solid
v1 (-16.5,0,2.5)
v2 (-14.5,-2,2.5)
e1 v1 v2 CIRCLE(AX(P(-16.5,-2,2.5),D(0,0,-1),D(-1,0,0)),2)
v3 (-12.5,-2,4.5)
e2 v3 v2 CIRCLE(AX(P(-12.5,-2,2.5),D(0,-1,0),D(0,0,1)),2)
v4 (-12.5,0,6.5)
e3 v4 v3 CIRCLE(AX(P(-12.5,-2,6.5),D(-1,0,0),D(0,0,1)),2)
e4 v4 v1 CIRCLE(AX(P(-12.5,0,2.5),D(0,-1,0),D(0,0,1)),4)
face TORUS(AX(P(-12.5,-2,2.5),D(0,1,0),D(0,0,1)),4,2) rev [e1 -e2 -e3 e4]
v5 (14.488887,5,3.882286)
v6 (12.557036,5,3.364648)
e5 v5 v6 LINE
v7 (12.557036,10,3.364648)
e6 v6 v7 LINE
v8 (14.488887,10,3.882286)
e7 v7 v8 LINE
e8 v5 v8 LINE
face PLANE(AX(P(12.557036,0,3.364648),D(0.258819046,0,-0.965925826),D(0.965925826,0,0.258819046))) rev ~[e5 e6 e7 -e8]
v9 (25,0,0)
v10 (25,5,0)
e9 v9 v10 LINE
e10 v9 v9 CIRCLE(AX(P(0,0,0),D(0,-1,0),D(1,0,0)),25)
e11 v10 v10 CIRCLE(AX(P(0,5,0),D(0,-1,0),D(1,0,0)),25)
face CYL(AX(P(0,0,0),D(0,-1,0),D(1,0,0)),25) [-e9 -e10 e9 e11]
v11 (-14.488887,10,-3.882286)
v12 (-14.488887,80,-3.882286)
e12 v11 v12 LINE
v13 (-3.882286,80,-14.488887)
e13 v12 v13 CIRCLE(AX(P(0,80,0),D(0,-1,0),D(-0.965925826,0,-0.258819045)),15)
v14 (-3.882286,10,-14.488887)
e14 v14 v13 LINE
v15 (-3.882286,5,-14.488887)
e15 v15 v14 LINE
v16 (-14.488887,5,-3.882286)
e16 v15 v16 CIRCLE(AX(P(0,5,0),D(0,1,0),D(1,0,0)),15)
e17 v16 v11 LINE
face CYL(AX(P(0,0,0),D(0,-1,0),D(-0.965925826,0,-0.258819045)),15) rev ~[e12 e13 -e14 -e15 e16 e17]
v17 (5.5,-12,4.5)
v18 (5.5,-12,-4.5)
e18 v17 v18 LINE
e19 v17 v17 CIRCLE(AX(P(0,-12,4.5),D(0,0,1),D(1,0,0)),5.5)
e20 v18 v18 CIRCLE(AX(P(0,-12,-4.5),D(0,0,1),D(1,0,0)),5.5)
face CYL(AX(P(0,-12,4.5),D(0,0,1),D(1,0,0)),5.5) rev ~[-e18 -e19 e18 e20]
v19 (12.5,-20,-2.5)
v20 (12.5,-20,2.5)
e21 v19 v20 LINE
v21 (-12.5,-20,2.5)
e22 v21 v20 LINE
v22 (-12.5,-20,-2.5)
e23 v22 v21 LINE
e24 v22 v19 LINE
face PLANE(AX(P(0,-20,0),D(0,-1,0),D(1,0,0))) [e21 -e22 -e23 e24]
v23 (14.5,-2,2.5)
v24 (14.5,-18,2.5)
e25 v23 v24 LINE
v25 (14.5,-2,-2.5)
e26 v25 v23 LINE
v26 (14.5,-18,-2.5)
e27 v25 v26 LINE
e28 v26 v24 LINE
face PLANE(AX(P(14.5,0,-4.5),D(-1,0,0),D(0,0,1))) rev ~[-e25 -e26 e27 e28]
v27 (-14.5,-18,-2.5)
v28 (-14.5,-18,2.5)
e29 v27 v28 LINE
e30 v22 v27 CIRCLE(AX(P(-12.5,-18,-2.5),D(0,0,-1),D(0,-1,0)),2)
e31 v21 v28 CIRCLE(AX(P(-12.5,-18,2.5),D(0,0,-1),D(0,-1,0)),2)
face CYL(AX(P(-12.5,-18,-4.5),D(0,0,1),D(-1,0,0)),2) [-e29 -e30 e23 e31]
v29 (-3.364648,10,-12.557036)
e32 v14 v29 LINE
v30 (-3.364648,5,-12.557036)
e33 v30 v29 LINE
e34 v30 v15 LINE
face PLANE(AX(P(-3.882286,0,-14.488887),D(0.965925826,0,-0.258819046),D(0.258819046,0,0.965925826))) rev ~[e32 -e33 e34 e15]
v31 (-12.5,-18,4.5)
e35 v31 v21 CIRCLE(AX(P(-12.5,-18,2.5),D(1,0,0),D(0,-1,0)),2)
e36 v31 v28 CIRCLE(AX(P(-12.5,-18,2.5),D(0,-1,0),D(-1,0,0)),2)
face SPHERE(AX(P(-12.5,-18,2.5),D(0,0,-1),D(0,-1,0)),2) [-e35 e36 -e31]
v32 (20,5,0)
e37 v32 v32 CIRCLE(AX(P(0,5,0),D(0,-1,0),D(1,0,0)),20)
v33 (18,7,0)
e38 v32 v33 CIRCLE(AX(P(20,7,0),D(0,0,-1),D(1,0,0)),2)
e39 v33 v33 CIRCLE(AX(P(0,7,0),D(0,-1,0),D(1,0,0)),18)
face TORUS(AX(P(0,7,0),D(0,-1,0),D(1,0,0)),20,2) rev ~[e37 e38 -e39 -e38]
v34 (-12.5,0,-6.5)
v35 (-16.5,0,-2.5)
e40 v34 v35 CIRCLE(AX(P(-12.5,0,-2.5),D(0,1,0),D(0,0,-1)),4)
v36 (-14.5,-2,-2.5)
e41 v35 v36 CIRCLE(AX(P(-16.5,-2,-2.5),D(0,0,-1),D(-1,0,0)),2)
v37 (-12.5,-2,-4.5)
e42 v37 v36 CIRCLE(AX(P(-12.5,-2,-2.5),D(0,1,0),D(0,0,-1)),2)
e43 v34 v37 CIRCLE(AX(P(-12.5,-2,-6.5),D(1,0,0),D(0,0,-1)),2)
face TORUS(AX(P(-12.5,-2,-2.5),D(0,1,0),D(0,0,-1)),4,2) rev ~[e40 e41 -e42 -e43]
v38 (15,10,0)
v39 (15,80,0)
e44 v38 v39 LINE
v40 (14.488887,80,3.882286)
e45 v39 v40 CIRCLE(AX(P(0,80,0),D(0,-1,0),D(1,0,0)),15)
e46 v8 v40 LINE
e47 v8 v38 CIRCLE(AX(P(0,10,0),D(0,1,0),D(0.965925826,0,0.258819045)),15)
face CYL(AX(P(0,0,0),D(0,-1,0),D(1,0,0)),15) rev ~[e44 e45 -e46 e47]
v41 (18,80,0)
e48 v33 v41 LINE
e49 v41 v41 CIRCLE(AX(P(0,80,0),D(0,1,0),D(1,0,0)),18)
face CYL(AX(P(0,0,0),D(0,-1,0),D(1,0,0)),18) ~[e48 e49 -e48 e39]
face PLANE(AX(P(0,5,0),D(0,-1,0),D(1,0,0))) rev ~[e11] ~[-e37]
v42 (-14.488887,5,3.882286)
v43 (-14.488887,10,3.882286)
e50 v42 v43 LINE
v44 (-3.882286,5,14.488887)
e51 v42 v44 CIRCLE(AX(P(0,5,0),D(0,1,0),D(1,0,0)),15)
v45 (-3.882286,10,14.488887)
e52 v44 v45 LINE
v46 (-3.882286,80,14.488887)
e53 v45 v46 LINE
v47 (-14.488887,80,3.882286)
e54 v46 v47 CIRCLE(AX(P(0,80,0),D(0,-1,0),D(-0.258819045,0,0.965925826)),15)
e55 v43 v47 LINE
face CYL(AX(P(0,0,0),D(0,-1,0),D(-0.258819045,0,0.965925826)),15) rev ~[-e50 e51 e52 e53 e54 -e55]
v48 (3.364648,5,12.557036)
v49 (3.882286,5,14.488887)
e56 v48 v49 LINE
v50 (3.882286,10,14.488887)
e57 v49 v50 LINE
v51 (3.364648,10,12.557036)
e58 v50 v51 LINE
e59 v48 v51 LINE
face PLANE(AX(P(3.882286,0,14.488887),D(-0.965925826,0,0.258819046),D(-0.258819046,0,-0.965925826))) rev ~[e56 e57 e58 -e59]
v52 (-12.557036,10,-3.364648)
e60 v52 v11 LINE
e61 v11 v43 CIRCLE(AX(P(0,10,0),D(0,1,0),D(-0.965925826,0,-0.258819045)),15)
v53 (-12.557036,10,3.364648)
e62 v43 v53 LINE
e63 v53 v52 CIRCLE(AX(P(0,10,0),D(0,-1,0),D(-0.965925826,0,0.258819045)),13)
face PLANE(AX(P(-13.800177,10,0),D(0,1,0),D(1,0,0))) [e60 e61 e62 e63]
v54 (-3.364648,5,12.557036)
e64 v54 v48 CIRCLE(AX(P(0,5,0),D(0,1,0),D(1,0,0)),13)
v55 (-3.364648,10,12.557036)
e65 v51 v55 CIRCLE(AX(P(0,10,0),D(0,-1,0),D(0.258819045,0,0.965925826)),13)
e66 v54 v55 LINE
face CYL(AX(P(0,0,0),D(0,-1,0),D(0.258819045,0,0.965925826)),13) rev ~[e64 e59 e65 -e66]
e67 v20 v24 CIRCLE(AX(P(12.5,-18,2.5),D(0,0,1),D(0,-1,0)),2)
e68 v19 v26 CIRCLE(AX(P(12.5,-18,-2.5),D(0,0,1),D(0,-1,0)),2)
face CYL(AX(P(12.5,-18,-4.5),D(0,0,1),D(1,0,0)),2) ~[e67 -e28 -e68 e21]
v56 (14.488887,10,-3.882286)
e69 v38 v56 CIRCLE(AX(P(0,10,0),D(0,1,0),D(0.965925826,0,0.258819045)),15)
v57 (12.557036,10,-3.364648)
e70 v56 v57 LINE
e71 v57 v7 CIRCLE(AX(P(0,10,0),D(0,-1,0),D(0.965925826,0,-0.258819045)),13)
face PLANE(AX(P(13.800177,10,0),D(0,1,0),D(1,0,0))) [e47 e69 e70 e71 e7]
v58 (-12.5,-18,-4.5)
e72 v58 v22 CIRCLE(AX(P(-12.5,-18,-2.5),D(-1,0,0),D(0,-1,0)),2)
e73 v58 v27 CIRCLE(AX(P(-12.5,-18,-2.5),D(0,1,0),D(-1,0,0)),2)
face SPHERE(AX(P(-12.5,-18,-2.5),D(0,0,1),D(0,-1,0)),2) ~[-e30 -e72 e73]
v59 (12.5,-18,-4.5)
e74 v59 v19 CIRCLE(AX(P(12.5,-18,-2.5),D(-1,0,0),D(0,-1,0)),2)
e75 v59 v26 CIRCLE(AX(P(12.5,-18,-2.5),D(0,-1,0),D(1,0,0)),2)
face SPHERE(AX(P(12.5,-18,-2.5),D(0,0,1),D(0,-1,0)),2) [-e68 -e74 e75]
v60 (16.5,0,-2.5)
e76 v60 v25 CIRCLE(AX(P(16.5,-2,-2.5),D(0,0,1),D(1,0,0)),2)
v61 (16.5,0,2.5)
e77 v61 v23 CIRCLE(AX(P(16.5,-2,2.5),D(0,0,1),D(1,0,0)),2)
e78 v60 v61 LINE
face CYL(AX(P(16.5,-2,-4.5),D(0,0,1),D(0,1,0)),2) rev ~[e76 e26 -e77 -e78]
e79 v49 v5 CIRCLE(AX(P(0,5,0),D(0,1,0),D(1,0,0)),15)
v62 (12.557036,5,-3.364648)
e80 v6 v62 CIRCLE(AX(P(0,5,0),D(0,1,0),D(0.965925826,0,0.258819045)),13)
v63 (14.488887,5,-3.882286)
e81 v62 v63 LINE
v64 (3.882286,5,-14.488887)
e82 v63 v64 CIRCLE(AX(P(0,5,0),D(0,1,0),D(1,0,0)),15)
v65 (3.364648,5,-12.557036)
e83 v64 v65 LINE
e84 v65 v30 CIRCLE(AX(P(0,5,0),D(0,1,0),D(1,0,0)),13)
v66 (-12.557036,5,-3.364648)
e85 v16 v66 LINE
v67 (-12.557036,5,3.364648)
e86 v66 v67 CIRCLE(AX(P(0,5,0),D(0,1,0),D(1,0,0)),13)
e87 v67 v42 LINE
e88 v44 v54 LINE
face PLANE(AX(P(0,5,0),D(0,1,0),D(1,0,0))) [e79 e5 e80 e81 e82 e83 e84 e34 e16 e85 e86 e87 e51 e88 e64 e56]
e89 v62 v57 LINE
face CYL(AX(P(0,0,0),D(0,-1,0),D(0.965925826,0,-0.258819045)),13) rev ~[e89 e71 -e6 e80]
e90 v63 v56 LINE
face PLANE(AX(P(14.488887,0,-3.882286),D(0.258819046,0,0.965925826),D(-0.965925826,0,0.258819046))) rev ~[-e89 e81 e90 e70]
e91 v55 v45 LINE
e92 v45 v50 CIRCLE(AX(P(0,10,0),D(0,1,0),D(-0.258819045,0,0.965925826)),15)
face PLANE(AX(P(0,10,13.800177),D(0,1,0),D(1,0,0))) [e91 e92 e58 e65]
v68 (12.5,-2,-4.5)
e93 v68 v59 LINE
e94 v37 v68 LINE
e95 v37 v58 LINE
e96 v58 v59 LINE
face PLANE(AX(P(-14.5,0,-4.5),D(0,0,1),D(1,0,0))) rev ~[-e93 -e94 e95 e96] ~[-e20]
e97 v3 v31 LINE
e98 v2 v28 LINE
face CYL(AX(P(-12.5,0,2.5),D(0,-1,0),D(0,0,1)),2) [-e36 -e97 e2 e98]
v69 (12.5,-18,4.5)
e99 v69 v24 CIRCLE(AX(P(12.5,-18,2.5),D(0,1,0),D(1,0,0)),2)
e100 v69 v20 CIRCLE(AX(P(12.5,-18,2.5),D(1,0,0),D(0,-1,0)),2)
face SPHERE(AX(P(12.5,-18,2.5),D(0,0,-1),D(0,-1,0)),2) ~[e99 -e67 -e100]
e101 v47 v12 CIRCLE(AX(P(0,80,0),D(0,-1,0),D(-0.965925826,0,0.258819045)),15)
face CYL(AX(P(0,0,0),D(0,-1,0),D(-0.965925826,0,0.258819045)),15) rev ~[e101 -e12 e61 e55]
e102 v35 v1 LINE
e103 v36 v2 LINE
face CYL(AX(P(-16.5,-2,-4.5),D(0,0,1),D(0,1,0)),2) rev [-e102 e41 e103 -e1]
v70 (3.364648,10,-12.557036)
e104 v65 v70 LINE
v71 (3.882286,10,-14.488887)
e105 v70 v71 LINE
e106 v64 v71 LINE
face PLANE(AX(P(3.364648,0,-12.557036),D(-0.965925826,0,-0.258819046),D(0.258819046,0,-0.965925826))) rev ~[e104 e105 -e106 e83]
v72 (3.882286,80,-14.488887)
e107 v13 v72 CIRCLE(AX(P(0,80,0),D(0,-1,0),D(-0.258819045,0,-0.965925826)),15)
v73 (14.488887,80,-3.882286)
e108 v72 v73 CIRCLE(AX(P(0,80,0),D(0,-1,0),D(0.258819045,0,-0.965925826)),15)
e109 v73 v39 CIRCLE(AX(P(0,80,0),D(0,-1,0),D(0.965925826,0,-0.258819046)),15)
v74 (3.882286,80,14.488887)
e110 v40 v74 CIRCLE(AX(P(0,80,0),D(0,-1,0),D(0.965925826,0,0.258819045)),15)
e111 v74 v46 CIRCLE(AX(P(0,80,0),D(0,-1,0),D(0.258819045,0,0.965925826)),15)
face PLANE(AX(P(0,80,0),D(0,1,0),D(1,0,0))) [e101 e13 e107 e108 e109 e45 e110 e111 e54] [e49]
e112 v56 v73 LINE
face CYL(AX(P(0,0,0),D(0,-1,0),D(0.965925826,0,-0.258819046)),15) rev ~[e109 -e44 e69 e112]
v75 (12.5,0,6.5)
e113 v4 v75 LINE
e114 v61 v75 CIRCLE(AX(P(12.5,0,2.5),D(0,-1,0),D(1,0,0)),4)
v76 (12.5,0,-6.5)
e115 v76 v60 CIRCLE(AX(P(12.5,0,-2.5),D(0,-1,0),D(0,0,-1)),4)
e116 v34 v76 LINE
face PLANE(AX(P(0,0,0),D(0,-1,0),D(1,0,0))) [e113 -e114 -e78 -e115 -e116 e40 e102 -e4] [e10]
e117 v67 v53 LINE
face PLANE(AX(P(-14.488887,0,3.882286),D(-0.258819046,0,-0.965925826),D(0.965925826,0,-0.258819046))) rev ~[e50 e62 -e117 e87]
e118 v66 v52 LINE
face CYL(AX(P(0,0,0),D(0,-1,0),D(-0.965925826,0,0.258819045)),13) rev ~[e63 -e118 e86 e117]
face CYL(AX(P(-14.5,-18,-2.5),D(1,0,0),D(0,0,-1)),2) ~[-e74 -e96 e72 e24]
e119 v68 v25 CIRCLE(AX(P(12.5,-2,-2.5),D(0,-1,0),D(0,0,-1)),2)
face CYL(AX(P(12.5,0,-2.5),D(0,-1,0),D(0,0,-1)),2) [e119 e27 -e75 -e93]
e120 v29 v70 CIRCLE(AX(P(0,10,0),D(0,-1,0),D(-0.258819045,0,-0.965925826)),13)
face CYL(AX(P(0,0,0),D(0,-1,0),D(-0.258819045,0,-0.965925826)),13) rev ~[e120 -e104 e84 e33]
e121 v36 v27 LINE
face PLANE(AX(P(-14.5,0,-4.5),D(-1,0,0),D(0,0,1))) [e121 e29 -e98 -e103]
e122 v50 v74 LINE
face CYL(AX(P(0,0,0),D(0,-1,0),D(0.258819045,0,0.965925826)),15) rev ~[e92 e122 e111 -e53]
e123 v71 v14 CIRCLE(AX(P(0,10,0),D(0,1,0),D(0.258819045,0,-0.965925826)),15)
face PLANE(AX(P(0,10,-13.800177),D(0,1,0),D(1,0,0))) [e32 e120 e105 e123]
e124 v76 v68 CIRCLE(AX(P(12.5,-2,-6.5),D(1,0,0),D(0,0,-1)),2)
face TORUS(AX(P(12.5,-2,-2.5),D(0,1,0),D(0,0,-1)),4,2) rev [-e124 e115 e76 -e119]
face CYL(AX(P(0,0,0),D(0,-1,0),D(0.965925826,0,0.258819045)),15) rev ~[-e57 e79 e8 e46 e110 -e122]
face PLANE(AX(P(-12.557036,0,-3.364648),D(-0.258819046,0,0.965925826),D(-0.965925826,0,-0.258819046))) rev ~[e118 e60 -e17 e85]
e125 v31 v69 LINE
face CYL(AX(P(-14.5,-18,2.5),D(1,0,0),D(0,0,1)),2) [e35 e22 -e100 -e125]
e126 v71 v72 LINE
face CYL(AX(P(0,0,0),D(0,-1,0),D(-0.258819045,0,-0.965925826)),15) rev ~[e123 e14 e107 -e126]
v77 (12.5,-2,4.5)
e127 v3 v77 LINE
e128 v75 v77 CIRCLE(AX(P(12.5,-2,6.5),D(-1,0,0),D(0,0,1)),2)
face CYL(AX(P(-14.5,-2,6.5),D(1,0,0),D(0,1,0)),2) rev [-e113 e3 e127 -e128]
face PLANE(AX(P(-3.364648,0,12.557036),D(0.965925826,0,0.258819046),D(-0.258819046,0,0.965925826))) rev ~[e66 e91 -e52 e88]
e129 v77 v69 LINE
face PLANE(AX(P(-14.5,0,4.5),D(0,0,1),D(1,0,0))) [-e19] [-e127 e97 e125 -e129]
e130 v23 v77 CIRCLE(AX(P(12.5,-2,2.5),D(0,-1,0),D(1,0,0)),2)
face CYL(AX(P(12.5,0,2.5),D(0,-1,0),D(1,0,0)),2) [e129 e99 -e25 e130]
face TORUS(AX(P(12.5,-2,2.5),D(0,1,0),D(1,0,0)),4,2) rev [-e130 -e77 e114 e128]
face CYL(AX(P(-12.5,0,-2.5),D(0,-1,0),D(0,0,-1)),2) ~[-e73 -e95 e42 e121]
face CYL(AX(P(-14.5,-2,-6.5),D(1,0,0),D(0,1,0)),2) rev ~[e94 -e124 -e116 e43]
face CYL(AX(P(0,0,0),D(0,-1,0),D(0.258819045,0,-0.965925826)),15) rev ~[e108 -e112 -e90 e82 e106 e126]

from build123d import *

# Parameters (mm, degrees)
SKETCH1_R            = 18
BOSS_EXTRUDE1_DEPTH  = 80
SKETCH1_3_R          = 15
SKETCH1_3_R_2        = 13
BOSS_EXTRUDE2_DEPTH  = 5
BOSS_EXTRUDE4_DEPTH  = 10
SKETCH3_R            = 25
SKETCH3_R_2          = 18
SKETCH3_R_3          = 13
BOSS_EXTRUDE6_DEPTH  = 5
SKETCH15_W           = 29
SKETCH15_H           = 9
BOSS_EXTRUDE13_DEPTH = 20
SKETCH16_R           = 5.5
CUT_EXTRUDE3_DEPTH   = 89.855219318
FILLET1_R            = 2


with BuildPart() as part:
    # Sketch1 → Boss-Extrude1 (new body)
    with BuildSketch(Plane(origin=(0, 0, 0), x_dir=(1, 0, 0), z_dir=(0, 1, 0))):
        Circle(SKETCH1_R)
        with BuildLine():
            ThreePointArc((-3.882285677, 14.488887394), (0, 15), (3.882285677, 14.488887394))
            ThreePointArc((3.882285677, 14.488887394), (10.606601718, 10.606601718), (14.488887394, 3.882285677))
            ThreePointArc((14.488887394, 3.882285677), (14.871672921, 1.957892883), (15, 0))
            ThreePointArc((15, 0), (14.871672921, -1.957892883), (14.488887394, -3.882285677))
            ThreePointArc((14.488887394, -3.882285677), (10.606601718, -10.606601718), (3.882285677, -14.488887394))
            ThreePointArc((3.882285677, -14.488887394), (0, -15), (-3.882285677, -14.488887394))
            ThreePointArc((-3.882285677, -14.488887394), (-10.606601718, -10.606601718), (-14.488887394, -3.882285677))
            ThreePointArc((-14.488887394, -3.882285677), (-15, 0), (-14.488887394, 3.882285677))
            ThreePointArc((-14.488887394, 3.882285677), (-10.606601718, 10.606601718), (-3.882285677, 14.488887394))
        make_face(mode=Mode.SUBTRACT)
    extrude(amount=BOSS_EXTRUDE1_DEPTH)

    # Sketch1<3> → Boss-Extrude2 (add)
    with BuildSketch(Plane(origin=(0, 0, 0), x_dir=(1, 0, 0), z_dir=(0, 1, 0))):
        Circle(SKETCH1_3_R)
        Circle(SKETCH1_3_R_2, mode=Mode.SUBTRACT)
    extrude(amount=BOSS_EXTRUDE2_DEPTH)

    # Sketch1<4> → Boss-Extrude4 (add)
    with BuildSketch(Plane(origin=(0, 0, 0), x_dir=(1, 0, 0), z_dir=(0, 1, 0))):
        with BuildLine():
            Line((3.364647586, 12.557035742), (3.882285677, 14.488887394))
            ThreePointArc((3.882285677, 14.488887394), (0, 15), (-3.882285677, 14.488887394))
            Line((-3.882285677, 14.488887394), (-3.364647586, 12.557035742))
            ThreePointArc((-3.364647586, 12.557035742), (0, 13), (3.364647586, 12.557035742))
        make_face()
        with BuildLine():
            ThreePointArc((14.488887394, -3.882285677), (15, 0), (14.488887394, 3.882285677))
            Line((14.488887394, 3.882285677), (12.557035742, 3.364647586))
            ThreePointArc((12.557035742, 3.364647586), (13, 0), (12.557035742, -3.364647586))
            Line((12.557035742, -3.364647586), (14.488887394, -3.882285677))
        make_face()
        with BuildLine():
            Line((-12.557035742, 3.364647586), (-14.488887394, 3.882285677))
            ThreePointArc((-14.488887394, 3.882285677), (-15, 0), (-14.488887394, -3.882285677))
            Line((-14.488887394, -3.882285677), (-12.557035742, -3.364647586))
            ThreePointArc((-12.557035742, -3.364647586), (-13, 0), (-12.557035742, 3.364647586))
        make_face()
        with BuildLine():
            ThreePointArc((-3.882285677, -14.488887394), (0, -15), (3.882285677, -14.488887394))
            Line((3.882285677, -14.488887394), (3.364647586, -12.557035742))
            ThreePointArc((3.364647586, -12.557035742), (0, -13), (-3.364647586, -12.557035742))
            Line((-3.364647586, -12.557035742), (-3.882285677, -14.488887394))
        make_face()
    extrude(amount=BOSS_EXTRUDE4_DEPTH)

    # Sketch3 → Boss-Extrude6 (add)
    # profile 1 of 2: a face of its own
    with BuildSketch(Plane.XZ):
        Circle(SKETCH3_R)
        Circle(SKETCH3_R_2, mode=Mode.SUBTRACT)
    # profile 2 of 2: a face of its own
    with BuildSketch(Plane.XZ):
        Circle(SKETCH3_R_3)
    extrude(amount=-BOSS_EXTRUDE6_DEPTH)

    # Sketch15 → Boss-Extrude13 (add)
    with BuildSketch(Plane.XZ):
        Rectangle(SKETCH15_W, SKETCH15_H)
    extrude(amount=BOSS_EXTRUDE13_DEPTH)

    # Sketch16 → Cut-Extrude3 (cut, through all)
    with BuildSketch(Plane.XY.offset(4.5)):
        with Locations((0, -12)):
            Circle(SKETCH16_R)
    extrude(amount=-CUT_EXTRUDE3_DEPTH, mode=Mode.SUBTRACT)

    # Fillet1
    fillet1_edges = [part.edges().sort_by_distance(p)[0] for p in [
        (0, 0, 4.5),
        (-14.5, 0, 0),
        (-14.5, -20, 0),
        (14.5, -20, 0),
        (0, -20, -4.5),
        (0, -20, 4.5),
        (14.5, -10, 4.5),
        (-14.5, -10, 4.5),
        (-14.5, -10, -4.5),
        (14.5, -10, -4.5),
        (0, 0, -4.5),
        (14.5, 0, 0),
        (-18, 5, 0),
    ]]
    fillet(fillet1_edges, radius=FILLET1_R)


solid = part.part
